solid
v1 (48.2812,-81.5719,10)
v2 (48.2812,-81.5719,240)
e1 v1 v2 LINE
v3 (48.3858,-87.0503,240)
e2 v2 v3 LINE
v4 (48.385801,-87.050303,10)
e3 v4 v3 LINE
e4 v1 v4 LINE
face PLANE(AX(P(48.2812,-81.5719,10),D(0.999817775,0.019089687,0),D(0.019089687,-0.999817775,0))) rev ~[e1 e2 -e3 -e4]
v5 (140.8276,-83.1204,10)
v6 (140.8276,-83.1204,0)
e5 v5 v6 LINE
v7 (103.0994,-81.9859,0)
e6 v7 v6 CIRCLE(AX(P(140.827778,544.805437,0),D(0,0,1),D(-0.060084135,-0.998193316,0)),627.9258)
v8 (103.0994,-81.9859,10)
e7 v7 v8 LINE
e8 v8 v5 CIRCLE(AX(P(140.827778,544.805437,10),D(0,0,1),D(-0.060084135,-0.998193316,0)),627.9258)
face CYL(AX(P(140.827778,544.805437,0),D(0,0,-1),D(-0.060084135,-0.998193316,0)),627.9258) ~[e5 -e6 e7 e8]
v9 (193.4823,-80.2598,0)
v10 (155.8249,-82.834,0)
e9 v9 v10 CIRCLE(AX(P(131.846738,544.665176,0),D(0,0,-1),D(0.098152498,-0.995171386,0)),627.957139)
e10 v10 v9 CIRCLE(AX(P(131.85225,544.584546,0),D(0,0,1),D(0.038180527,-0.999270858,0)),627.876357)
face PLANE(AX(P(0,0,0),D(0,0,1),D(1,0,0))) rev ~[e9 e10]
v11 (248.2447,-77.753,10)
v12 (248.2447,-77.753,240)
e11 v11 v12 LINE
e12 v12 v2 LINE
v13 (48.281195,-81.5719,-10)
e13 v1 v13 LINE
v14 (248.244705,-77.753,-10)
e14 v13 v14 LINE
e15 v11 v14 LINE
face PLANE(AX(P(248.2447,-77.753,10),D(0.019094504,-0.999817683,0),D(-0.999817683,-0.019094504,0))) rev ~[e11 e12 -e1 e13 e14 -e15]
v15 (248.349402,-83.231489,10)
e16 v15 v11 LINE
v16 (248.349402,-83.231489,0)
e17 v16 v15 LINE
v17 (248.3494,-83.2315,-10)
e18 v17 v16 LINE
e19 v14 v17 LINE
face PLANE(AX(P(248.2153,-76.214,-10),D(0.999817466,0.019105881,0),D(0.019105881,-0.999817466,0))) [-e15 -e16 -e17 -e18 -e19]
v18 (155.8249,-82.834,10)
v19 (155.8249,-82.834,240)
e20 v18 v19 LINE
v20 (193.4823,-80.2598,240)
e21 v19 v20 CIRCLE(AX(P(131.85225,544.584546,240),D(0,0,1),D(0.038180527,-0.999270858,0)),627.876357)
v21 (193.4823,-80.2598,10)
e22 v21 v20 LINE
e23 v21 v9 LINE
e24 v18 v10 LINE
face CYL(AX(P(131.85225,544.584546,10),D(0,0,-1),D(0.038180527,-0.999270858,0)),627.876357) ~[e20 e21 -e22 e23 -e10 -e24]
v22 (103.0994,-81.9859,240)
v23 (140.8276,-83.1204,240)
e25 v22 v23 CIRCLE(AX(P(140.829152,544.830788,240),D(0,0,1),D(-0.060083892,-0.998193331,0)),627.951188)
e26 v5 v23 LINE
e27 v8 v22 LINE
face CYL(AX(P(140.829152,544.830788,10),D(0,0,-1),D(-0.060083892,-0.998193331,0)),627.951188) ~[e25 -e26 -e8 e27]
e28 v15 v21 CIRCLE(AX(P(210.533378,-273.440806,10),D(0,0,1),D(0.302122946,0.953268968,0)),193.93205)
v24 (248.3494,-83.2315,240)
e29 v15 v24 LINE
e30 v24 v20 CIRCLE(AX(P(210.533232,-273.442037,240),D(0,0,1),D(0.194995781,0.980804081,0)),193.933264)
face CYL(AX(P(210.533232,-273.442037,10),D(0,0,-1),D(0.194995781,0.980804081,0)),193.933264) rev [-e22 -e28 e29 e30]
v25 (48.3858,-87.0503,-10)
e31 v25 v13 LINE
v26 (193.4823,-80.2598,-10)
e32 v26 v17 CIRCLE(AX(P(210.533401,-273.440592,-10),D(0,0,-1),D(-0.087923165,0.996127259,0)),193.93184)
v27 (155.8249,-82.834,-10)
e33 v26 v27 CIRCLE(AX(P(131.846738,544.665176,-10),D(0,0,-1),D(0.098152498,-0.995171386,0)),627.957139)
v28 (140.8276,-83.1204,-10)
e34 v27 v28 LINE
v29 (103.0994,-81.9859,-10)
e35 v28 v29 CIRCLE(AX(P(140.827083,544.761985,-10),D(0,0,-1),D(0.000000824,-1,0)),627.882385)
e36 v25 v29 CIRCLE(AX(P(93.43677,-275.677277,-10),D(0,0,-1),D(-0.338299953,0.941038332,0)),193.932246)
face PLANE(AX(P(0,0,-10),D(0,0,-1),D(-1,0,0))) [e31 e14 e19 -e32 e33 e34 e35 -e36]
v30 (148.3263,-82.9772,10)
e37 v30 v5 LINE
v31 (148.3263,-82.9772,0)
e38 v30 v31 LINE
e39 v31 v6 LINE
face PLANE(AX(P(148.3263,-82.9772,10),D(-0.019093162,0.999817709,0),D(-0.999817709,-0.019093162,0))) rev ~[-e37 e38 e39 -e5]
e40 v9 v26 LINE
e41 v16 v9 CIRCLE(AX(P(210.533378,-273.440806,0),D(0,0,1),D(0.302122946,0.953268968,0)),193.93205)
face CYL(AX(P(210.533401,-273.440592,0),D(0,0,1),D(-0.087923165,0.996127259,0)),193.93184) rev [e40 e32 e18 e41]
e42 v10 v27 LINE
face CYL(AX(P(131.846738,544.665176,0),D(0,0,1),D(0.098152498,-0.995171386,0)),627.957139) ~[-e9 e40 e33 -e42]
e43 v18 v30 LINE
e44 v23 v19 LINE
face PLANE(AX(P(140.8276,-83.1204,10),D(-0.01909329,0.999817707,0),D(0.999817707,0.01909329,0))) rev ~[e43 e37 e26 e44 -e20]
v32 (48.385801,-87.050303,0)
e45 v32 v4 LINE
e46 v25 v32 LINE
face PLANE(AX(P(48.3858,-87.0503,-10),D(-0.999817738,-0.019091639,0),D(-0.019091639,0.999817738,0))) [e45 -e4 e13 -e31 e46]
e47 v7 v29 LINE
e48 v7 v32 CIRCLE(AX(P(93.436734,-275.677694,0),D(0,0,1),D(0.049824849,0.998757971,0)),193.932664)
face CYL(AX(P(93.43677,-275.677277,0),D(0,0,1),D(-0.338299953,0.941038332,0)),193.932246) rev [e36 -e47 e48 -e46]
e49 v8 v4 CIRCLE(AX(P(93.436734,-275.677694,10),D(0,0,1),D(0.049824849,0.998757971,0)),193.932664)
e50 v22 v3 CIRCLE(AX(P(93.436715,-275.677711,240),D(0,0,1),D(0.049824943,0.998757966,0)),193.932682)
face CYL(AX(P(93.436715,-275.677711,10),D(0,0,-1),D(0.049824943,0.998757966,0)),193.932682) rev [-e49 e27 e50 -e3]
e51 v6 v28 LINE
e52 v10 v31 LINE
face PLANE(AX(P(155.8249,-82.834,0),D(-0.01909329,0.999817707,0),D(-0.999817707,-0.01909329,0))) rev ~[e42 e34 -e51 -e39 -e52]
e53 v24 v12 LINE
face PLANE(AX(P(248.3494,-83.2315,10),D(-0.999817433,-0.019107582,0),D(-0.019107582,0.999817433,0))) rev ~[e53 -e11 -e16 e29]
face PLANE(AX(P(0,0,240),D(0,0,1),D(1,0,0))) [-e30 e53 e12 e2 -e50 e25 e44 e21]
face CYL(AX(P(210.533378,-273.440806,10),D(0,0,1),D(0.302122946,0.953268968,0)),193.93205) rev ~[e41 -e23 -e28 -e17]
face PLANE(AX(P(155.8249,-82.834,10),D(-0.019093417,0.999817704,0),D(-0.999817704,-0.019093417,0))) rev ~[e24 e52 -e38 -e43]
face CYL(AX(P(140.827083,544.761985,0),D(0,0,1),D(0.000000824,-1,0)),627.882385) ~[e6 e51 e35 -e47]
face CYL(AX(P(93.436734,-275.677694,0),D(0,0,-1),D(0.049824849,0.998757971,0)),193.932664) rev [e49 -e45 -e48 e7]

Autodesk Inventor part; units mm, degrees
ref_plane "YZ Plane" through (0, 0, 0) normal (1, 0, 0) x (0, 1, 0)
ref_plane "XZ Plane" through (0, 0, 0) normal (0, 1, 0) x (-1, 0, 0)
sketch "Sketch1" plane through (0, 0, 0) normal (0, 0, 1) x (1, 0, 0)
  line L0 (0, 0) -> (293.4944, 0) construction
  line L1 (293.4944, 0) -> (293.4944, -132.0217) construction
  line L2 (293.4944, -132.0217) -> (0, -132.0217) construction
  line L3 (0, -132.0217) -> (0, 0) construction
  line L4 (79.3681, -56.3049) -> (159.3681, -56.3049) construction
  line L5 (283.1562, -93.1287) -> (274.2161, -88.6482) construction
  line L6 (283.1562, -93.1287) -> (282.3201, -93.1287) construction
  line L7 (18.3483, -97.5091) -> (27.4302, -93.3236) construction
  line L8 (18.3483, -97.5091) -> (20.5956, -97.5091) construction
  arc A0 (103.0994, -81.9859) -> (27.4302, -93.3236) centre (93.4367, -275.677) ccw
  arc A1 (274.2161, -88.6482) -> (204.4098, -79.893) centre (217.7822, -255.937) ccw
  arc A2 (103.0994, -81.9859) -> (204.4098, -79.893) centre (140.8276, 544.7964) ccw
  line L9 (27.4302, -93.3236) -> (27.4302, -72.2735)
  line L10 (27.4302, -72.2735) -> (272.6166, -67.591)
  line L11 (272.6166, -67.591) -> (274.2161, -88.6482)
  line L12 (103.0994, -81.9859) -> (86.3195, -71.1488) construction
  line L13 (204.4098, -79.893) -> (220.9707, -68.5773) construction
  line L14 (86.3195, -71.1488) -> (86.3195, -81.1488) construction
  line L15 (86.3195, -81.1488) -> (103.0994, -81.9859) construction
  line L16 (220.9707, -68.5773) -> (221.7303, -78.5773) construction
  line L17 (221.7303, -78.5773) -> (204.4098, -79.893) construction
  dimension "d5" = 80
  dimension "d85" = 10
  dimension "d87" = 26.619
  dimension "d92" = 10
  dimension "d94" = 24.743
  dimension "d100" = 22.985
  dimension "d101" = 22.755
  dimension "d106" = 10
  dimension "d111" = 10
  dimension "d112" = 30
  dimension "d113" = 30
extrude "Extrusion1" add sketch "Sketch1" along normal blind 10
sketch "Sketch2" plane through (0, 0, 10) normal (0, 0, 1) x (1, 0, 0)
  arc A0 (103.0994, -81.9859) -> (204.4098, -79.893) centre (140.8276, 544.7964) ccw projected
  line L0 (272.6166, -67.591) -> (27.4302, -72.2735) projected
  line L1 (27.4302, -72.2735) -> (27.4302, -93.3236) projected
  line L2 (274.2161, -88.6482) -> (272.6166, -67.591) projected
  line L3 (125.3768, -83.1204) -> (158.7723, -83.1204)
  line L4 (140.8276, -83.1204) -> (140.8276, -70.1078)
  line L5 (140.8276, -76.6141) -> (27.4302, -76.6141)
  line L6 (140.8276, -76.6141) -> (273.302, -76.6141)
  arc A1 (274.2161, -88.6482) -> (204.4098, -79.893) centre (217.7822, -255.937) ccw projected
  line L7 (274.2161, -88.6482) -> (272.6166, -67.591) projected
  line L8 (272.6166, -67.591) -> (27.4302, -72.2735) projected
  line L9 (27.4302, -72.2735) -> (27.4302, -93.3236) projected
  arc A2 (103.0994, -81.9859) -> (27.4302, -93.3236) centre (93.4367, -275.677) ccw projected
  arc A3 (103.0994, -81.9859) -> (204.4098, -79.893) centre (140.8276, 544.7964) ccw projected
  line L10 (140.8276, -83.1204) -> (140.4575, -63.7401)
  point P0 (0, 0)
  point P1 (204.4098, -79.893)
  point P2 (140.5792, -70.1126)
  point P3 (140.7034, -76.6141)
  dimension "d121" = 113.3974
  dimension "d122" = 132.4743
extrude "Extrusion2" cut sketch "Sketch2" against normal blind 10 contours L4 L6 L2 A1 A0 | L10 L5 L4 | L5 L10 L0 L4 | L4 L0 L2 L6
sketch "Sketch4" plane through (0, 0, 10) normal (0, 0, 1) x (1, 0, 0)
  line L0 (140.5792, -70.1126) -> (27.4302, -72.2735) projected
  line L1 (27.4302, -72.2735) -> (27.4302, -93.3236) projected
  arc A0 (103.0994, -81.9859) -> (27.4302, -93.3236) centre (93.4367, -275.677) ccw projected
  arc A1 (103.0994, -81.9859) -> (140.8276, -83.1204) centre (140.8276, 544.7964) ccw projected
  line L2 (27.4302, -72.2735) -> (27.4302, -93.3236) projected
  arc A2 (103.0994, -81.9859) -> (27.4302, -93.3236) centre (93.4367, -275.677) ccw projected
  line L3 (27.4302, -72.2735) -> (27.8295, -93.1796)
  line L4 (140.8276, -83.1204) -> (140.5792, -70.1126) projected
  point P0 (0, 0)
  point P1 (253.7282, -67.9517)
  dimension "d128" = 90
extrude "Extrusion4" cut sketch "Sketch4" against normal blind 10 contours L3 A0 L1
sketch "Sketch6" plane through (0, 0, 10) normal (0, 0, 1) x (1, 0, 0)
  line L0 (27.4302, -72.2735) -> (27.8295, -93.1796) projected
  arc A0 (103.0994, -81.9859) -> (27.8295, -93.1796) centre (93.4367, -275.677) ccw projected
  arc A1 (103.0994, -81.9859) -> (140.8276, -83.1204) centre (140.8276, 544.7964) ccw projected
  line L1 (140.8276, -83.1204) -> (140.5792, -70.1126) projected
  line L2 (140.5792, -70.1126) -> (27.4302, -72.2735) projected
  line L3 (140.5792, -70.1126) -> (27.4302, -72.2735) projected
  line L4 (140.5792, -70.1126) -> (148.0778, -69.9694)
  line L5 (148.0778, -69.9694) -> (148.3263, -82.9772)
  line L6 (140.5792, -70.1126) -> (140.8276, -83.1204) projected
  line L7 (148.3263, -82.9772) -> (140.8276, -83.1204)
  point P0 (0, 0)
  dimension "d131" = 7.5
  dimension "d132" = 0
  dimension "d135" = 180
extrude "Extrusion5" add sketch "Sketch6" against normal blind 10 contours L4 L5 L7 L1
sketch "Sketch7" plane through (0, 0, 10) normal (0, 0, 1) x (1, 0, 0)
  line L0 (27.4302, -72.2735) -> (27.8295, -93.1796) projected
  arc A0 (103.0994, -81.9859) -> (27.8295, -93.1796) centre (93.4367, -275.677) ccw projected
  arc A1 (103.0994, -81.9859) -> (140.8276, -83.1204) centre (140.8276, 544.7964) ccw projected
  line L1 (140.8276, -83.1204) -> (148.3263, -82.9772) projected
  line L2 (148.3263, -82.9772) -> (148.0778, -69.9694) projected
  line L3 (148.0778, -69.9694) -> (27.4302, -72.2735) projected
  line L4 (268.7255, -67.6653) -> (269.1247, -88.5714)
  arc A2 (269.1247, -88.5714) -> (193.4823, -80.2598) centre (210.5334, -273.4407) ccw
  arc A3 (155.8249, -82.834) -> (193.4823, -80.2598) centre (131.8501, 544.6249) ccw
  line L5 (155.8249, -82.834) -> (148.3263, -82.9772)
  line L6 (148.0778, -69.9694) -> (268.7255, -67.6653)
  point P0 (0, 0)
extrude "Extrusion6" add sketch "Sketch7" against normal blind 10 contours L6 L4 A2 A3 L5 L2
sketch "Sketch8" plane through (0, 0, 10) normal (0, 0, 1) x (1, 0, 0)
  line L0 (27.4302, -72.2735) -> (27.8295, -93.1796) projected
  arc A0 (103.0994, -81.9859) -> (27.8295, -93.1796) centre (93.4367, -275.677) ccw projected
  arc A1 (103.0994, -81.9859) -> (140.8276, -83.1204) centre (140.8276, 544.7964) ccw projected
  line L1 (140.8276, -83.1204) -> (155.8249, -82.834) projected
  arc A2 (155.8249, -82.834) -> (193.4823, -80.2598) centre (131.8501, 544.6249) ccw projected
  arc A3 (269.1247, -88.5714) -> (193.4823, -80.2598) centre (210.5334, -273.4407) ccw projected
  line L2 (269.1247, -88.5714) -> (268.7255, -67.6653) projected
  line L3 (268.7255, -67.6653) -> (27.4302, -72.2735) projected
  line L4 (27.8295, -93.1796) -> (27.4302, -72.2735) projected
  line L5 (268.7255, -67.6653) -> (269.1247, -88.5714) projected
  line L6 (27.5859, -80.4275) -> (268.8812, -75.8193)
  point P0 (0, 0)
  dimension "d138" = 3
extrude "Extrusion7" cut sketch "Sketch8" against normal blind 10 contours L3 L2 L6 L0
sketch "Sketch9" plane through (0, 0, 0) normal (0, 0, -1) x (-1, 0, 0)
  line L0 (-27.5859, -80.4275) -> (-268.8812, -75.8193) projected
  line L1 (-268.8812, -75.8193) -> (-269.1247, -88.5714) projected
  arc A0 (-193.4823, -80.2598) -> (-269.1247, -88.5714) centre (-210.5334, -273.4407) ccw projected
  arc A1 (-193.4823, -80.2598) -> (-155.8249, -82.834) centre (-131.8501, 544.6249) ccw projected
  line L2 (-155.8249, -82.834) -> (-140.8276, -83.1204) projected
  arc A2 (-140.8276, -83.1204) -> (-103.0994, -81.9859) centre (-140.8276, 544.7964) ccw projected
  arc A3 (-27.8295, -93.1796) -> (-103.0994, -81.9859) centre (-93.4367, -275.677) ccw projected
  line L3 (-27.8295, -93.1796) -> (-27.5859, -80.4275) projected
  point P0 (0, 0)
extrude "Extrusion8" add sketch "Sketch9" along normal blind 10
sketch "Sketch10" plane through (0, 0, -10) normal (0, 0, -1) x (-1, 0, 0)
  line L0 (-27.5859, -80.4275) -> (-268.8812, -75.8193) projected
  line L1 (-268.8812, -75.8193) -> (-269.1247, -88.5714) projected
  arc A0 (-193.4823, -80.2598) -> (-269.1247, -88.5714) centre (-210.5334, -273.4407) ccw projected
  arc A1 (-193.4823, -80.2598) -> (-155.8249, -82.834) centre (-131.8501, 544.6249) ccw projected
  line L2 (-155.8249, -82.834) -> (-140.8276, -83.1204) projected
  arc A2 (-140.8276, -83.1204) -> (-103.0994, -81.9859) centre (-140.8276, 544.7964) ccw projected
  arc A3 (-27.8295, -93.1796) -> (-103.0994, -81.9859) centre (-93.4367, -275.677) ccw projected
  line L3 (-27.8295, -93.1796) -> (-27.5859, -80.4275) projected
  line L4 (-148.2336, -78.1234) -> (-148.3263, -82.9772)
  line L5 (-248.2153, -76.214) -> (-248.3494, -83.2315)
  line L6 (-48.3858, -87.0503) -> (-48.2518, -80.0328)
  line L7 (-268.8812, -75.8193) -> (-27.5859, -80.4275) projected
  point P0 (0, 0)
  dimension "d143" = 100
  dimension "d144" = 100
extrude "Extrusion9" cut sketch "Sketch10" against normal through all contours L3 A3 L6 L0 | L5 A0 L1 L0
sketch "Sketch11" plane through (0, 0, 10) normal (0, 0, 1) x (1, 0, 0)
  line L0 (48.2518, -80.0328) -> (48.3858, -87.0503) projected
  arc A0 (103.0994, -81.9859) -> (48.3858, -87.0503) centre (93.4367, -275.677) ccw projected
  arc A1 (103.0994, -81.9859) -> (140.8276, -83.1204) centre (140.8276, 544.7964) ccw projected
  line L1 (140.8276, -83.1204) -> (155.8249, -82.834) projected
  arc A2 (155.8249, -82.834) -> (193.4823, -80.2598) centre (131.8501, 544.6249) ccw projected
  arc A3 (248.3494, -83.2315) -> (193.4823, -80.2598) centre (210.5334, -273.4407) ccw projected
  line L2 (248.3494, -83.2315) -> (248.2153, -76.214) projected
  line L3 (248.2153, -76.214) -> (48.2518, -80.0328) projected
  line L4 (48.2812, -81.5719) -> (248.2447, -77.753)
  circle A4 centre (93.4367, -275.677) radius 194.9319
  circle A5 centre (210.5334, -273.4407) radius 194.9319
  point P0 (0, 0)
  dimension "d147" = 1
  dimension "d148" = 1
extrude "Extrusion10" cut sketch "Sketch11" against normal through all contours L3 L2 L4 L0
sketch "Sketch12" plane through (0, 0, 10) normal (0, 0, 1) x (1, 0, 0)
  line L0 (248.2447, -77.753) -> (48.2812, -81.5719) projected
  line L1 (48.2812, -81.5719) -> (48.3858, -87.0503) projected
  arc A0 (103.0994, -81.9859) -> (48.3858, -87.0503) centre (93.4367, -275.677) ccw projected
  arc A1 (103.0994, -81.9859) -> (140.8276, -83.1204) centre (140.8276, 544.7964) ccw projected
  line L2 (140.8276, -83.1204) -> (155.8249, -82.834) projected
  arc A2 (155.8249, -82.834) -> (193.4823, -80.2598) centre (131.8501, 544.6249) ccw projected
  arc A3 (248.3494, -83.2315) -> (193.4823, -80.2598) centre (210.5334, -273.4407) ccw projected
  line L3 (248.3494, -83.2315) -> (248.2447, -77.753) projected
  point P0 (0, 0)
ref_plane "Work Plane2" through (47.6702, -81.5719, 240) normal (0, 0, -1) x (-0.0191, 0.9998, 0)
extrude "Extrusion11" add sketch "Sketch12" along normal up to surface (230 mm away)
equation "\"d111\" = d106"
equation "\"d113\" = d112"
properties part number "deseczka_dol_check - 6"
